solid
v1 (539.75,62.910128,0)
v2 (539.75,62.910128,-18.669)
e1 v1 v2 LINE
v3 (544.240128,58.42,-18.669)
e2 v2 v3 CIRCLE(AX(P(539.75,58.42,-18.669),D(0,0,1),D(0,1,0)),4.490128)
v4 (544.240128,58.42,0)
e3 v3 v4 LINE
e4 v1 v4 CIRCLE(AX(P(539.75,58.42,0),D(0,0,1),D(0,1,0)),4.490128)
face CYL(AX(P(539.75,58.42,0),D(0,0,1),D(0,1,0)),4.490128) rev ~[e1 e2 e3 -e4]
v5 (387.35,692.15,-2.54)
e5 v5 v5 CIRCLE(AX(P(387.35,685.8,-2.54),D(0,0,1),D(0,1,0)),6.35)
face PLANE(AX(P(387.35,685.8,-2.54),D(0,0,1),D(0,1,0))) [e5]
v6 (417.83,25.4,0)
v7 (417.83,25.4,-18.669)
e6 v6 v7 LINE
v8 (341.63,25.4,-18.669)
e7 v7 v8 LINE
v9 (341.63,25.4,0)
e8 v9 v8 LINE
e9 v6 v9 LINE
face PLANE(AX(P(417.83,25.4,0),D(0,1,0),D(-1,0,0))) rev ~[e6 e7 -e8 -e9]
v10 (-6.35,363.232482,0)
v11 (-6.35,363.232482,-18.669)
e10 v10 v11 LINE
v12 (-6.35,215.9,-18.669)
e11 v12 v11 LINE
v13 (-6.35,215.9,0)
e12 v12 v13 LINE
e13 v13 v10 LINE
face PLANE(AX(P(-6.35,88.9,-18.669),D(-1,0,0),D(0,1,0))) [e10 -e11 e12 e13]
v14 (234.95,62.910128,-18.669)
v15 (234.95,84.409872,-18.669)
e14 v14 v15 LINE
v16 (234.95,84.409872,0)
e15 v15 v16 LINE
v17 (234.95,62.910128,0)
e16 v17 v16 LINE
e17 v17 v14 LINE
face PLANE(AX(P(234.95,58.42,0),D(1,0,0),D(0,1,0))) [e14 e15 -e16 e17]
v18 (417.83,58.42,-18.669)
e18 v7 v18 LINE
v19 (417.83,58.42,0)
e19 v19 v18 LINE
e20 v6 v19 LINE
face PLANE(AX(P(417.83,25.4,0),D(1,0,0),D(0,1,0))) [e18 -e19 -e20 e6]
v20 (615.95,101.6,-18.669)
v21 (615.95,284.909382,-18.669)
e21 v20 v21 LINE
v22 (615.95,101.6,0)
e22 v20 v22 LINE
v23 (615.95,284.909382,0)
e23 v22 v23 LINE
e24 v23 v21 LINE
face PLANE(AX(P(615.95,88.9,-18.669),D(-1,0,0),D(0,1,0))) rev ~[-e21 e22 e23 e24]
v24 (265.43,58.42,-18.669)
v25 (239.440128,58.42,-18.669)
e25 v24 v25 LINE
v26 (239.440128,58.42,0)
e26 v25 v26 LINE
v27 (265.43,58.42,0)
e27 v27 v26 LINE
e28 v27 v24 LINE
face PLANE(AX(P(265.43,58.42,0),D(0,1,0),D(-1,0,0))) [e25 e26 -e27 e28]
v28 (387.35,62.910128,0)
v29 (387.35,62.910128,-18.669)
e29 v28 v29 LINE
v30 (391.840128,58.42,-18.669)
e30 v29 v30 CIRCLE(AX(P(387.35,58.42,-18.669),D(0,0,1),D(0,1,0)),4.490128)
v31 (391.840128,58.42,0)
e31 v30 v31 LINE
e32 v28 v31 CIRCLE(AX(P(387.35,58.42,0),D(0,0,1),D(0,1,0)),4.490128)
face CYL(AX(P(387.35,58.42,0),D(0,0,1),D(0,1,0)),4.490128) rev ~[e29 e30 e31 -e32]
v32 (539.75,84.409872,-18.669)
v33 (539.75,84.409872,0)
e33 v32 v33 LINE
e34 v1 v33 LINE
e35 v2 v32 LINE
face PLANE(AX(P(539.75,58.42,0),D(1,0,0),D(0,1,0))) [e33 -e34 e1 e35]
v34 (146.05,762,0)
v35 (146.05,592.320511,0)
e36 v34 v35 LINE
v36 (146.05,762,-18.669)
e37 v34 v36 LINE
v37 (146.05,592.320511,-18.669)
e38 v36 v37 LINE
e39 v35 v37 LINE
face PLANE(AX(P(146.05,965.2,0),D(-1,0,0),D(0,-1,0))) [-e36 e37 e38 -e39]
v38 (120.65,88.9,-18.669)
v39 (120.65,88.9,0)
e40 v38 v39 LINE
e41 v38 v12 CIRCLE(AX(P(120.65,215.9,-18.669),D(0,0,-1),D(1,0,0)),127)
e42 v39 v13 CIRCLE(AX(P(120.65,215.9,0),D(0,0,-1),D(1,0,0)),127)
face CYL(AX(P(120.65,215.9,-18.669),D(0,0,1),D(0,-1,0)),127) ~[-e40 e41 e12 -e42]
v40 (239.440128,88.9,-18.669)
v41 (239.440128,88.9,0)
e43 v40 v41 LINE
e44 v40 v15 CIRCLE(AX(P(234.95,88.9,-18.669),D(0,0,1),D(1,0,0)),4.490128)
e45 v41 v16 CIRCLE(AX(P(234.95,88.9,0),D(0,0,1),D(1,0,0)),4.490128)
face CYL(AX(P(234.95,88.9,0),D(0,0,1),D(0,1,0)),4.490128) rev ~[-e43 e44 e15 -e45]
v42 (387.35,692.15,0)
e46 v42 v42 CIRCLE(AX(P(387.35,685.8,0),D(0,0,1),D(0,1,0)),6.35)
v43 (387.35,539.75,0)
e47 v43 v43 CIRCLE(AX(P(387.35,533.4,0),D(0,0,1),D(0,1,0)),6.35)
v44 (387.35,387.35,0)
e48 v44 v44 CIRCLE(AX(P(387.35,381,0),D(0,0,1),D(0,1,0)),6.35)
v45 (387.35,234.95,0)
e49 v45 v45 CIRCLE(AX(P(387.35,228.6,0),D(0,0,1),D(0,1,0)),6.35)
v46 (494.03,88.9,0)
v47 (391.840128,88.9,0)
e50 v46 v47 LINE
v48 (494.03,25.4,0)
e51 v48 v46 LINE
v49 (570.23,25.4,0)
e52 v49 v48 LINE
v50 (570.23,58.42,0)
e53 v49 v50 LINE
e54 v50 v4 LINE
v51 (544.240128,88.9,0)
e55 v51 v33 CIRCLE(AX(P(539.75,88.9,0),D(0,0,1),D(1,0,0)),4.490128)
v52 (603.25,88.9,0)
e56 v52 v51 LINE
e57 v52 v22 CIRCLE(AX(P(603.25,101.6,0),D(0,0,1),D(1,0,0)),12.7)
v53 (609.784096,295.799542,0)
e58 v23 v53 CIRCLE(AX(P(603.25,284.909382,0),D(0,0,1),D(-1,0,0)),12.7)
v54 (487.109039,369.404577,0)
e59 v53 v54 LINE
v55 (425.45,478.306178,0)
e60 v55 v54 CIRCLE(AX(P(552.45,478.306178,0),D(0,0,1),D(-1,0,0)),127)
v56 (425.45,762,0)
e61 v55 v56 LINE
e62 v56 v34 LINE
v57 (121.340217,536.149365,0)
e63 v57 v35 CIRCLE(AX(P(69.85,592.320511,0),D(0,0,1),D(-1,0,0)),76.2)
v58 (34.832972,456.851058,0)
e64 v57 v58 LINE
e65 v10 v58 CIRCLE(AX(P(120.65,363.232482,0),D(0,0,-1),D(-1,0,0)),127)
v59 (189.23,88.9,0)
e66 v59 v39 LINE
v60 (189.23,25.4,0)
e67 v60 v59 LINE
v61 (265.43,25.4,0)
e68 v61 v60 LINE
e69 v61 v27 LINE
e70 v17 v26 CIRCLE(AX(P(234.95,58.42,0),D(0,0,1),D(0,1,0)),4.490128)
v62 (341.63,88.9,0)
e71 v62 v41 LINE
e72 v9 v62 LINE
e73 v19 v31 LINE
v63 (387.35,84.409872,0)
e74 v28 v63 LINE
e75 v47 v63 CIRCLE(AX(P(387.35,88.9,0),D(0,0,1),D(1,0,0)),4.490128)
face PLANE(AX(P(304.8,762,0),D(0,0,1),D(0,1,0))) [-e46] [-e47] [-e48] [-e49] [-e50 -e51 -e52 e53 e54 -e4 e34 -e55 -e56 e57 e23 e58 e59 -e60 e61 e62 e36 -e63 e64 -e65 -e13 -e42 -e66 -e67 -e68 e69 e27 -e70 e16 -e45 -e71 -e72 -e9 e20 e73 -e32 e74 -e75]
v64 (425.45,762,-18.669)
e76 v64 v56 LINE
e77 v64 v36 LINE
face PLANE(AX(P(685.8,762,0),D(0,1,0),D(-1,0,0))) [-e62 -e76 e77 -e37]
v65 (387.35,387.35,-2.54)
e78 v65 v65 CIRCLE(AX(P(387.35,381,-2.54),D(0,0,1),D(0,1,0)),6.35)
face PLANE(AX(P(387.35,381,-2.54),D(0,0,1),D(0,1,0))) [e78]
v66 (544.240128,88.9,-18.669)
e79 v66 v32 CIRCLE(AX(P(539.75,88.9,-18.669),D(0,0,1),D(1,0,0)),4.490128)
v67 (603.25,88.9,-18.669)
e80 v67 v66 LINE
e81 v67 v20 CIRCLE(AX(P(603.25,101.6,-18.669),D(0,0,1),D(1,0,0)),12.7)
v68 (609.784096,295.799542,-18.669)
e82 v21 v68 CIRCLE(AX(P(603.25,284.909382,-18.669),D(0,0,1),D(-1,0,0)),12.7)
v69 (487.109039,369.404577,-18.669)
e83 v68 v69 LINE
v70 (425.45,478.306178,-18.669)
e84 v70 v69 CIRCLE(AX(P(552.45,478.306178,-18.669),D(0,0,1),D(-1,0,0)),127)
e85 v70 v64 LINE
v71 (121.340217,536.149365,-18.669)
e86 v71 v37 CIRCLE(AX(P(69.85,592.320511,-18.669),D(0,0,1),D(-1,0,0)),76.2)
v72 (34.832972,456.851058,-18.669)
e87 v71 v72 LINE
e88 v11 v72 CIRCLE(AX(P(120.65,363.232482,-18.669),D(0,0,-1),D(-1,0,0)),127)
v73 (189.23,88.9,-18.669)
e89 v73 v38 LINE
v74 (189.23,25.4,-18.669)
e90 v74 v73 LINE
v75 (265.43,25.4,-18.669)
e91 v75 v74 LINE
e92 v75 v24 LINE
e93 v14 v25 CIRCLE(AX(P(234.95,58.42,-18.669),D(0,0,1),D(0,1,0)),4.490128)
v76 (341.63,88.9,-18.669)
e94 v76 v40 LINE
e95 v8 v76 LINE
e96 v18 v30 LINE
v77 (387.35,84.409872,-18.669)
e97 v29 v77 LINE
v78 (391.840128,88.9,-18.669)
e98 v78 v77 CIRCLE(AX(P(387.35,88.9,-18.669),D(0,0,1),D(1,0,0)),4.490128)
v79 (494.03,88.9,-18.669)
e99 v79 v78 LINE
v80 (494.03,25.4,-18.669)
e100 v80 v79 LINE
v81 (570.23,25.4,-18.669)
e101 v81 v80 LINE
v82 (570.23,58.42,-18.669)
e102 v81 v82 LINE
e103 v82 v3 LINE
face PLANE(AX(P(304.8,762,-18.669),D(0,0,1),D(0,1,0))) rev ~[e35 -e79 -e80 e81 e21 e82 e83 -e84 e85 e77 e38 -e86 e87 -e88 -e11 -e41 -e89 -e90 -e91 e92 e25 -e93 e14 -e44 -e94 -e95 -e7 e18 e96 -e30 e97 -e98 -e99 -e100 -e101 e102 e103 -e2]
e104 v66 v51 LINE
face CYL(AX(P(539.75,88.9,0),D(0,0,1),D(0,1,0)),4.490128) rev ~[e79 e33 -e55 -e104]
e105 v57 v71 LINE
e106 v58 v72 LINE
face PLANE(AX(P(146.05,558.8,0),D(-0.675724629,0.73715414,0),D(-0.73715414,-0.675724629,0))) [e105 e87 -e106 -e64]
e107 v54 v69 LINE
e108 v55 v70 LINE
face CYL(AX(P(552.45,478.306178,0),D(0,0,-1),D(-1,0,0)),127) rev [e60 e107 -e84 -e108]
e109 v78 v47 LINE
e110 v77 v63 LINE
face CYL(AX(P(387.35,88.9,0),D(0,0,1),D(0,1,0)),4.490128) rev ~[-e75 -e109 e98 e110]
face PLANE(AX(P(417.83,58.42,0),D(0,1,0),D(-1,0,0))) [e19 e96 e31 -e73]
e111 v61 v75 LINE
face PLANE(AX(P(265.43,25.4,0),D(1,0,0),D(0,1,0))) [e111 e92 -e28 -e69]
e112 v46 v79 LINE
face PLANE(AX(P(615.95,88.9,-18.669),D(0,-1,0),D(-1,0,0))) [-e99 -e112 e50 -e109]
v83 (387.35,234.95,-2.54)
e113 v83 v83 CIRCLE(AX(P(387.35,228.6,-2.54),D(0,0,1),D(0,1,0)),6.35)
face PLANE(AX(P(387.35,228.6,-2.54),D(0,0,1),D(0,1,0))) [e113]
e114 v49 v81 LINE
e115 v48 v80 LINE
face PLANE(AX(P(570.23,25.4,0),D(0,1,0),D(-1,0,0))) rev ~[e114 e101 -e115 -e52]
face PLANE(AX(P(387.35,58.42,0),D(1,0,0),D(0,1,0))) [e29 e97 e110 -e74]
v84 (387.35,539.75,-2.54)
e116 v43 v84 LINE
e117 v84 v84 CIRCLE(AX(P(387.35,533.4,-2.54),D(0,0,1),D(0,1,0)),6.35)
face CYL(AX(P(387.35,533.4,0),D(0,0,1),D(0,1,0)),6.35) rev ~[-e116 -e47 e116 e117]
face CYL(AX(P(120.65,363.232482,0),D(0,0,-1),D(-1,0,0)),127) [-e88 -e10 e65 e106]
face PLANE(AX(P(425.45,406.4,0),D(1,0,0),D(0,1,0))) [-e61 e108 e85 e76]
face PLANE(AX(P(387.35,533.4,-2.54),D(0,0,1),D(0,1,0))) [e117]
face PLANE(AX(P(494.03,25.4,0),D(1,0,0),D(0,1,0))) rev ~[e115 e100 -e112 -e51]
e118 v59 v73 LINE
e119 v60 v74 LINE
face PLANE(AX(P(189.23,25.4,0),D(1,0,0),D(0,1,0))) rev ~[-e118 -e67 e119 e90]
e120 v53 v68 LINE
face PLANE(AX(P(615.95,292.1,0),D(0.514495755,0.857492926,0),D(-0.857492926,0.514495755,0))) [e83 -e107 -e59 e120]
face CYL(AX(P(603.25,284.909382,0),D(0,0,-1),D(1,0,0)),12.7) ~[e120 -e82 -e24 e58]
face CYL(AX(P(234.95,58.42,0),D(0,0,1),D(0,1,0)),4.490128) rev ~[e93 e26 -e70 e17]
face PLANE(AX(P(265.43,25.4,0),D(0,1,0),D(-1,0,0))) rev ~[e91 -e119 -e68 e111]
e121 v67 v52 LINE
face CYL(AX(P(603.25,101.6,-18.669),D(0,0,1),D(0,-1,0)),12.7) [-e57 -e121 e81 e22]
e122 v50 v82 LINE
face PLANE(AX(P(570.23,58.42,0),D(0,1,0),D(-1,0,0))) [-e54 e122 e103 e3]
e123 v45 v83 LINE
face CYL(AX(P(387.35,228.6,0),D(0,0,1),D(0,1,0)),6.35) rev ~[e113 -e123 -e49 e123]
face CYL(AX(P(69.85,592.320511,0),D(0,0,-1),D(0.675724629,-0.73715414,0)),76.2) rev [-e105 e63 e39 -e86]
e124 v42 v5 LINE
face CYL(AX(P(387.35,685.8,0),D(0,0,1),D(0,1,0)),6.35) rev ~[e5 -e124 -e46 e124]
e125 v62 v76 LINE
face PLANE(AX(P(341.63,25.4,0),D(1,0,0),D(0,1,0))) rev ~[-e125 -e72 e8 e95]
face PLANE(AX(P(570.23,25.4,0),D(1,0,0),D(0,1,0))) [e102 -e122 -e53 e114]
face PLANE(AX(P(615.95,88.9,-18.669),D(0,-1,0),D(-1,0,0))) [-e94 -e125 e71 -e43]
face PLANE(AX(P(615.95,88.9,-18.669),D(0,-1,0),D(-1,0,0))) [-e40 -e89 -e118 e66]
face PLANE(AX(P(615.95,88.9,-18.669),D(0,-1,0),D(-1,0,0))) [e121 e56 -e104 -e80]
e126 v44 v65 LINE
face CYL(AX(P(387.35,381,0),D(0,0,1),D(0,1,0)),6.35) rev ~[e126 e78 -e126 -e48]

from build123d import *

# Parameters (mm, degrees)
SKETCH_W              = 1346.2
SKETCH_H              = 622.3
PAD_DEPTH             = 18.669
POCKET_DEPTH          = 18.67
POCKET001_DEPTH       = 18.67
SKETCH003_W           = 63.5
SKETCH003_H           = 76.2
PAD001_DEPTH          = 18.669
FILLET_R              = 12.7
FILLET001_R           = 127
SKETCH004_W           = 30.48
SKETCH004_H           = 30.48
POCKET002_DEPTH       = 18.67
SKETCH005_R           = 4.490128
POCKET003_DEPTH       = 18.67
FILLET002_R           = 127
FILLET003_R           = 127
FILLET004_R           = 76.2
SKETCH006_W           = 736.6
SKETCH006_H           = 762
POCKET004_DEPTH       = 18.67
SKETCH007_R           = 6.35
POCKET005_DEPTH       = 2.54
CLONE_PLACEMENT_ANGLE = 90


with BuildPart() as part:
    # Sketch → Pad (new body)
    with BuildSketch(Plane.XY):
        Rectangle(SKETCH_W, SKETCH_H)
    extrude(amount=PAD_DEPTH)

    # Sketch001 (on Face6 of Pad) → Pocket (cut, through all)
    with BuildSketch(Plane.XY.offset(18.669)):
        Polygon((-355.6, -120.65), (355.6, -120.65), (469.9, -311.15), (-469.9, -311.15), align=None)
    extrude(amount=-POCKET_DEPTH, mode=Mode.SUBTRACT)

    # Sketch002 (on Face5 of Pocket) → Pocket001 (cut, through all)
    with BuildSketch(Plane.XY.offset(18.669)):
        Polygon((-342.9, 311.15), (342.9, 311.15), (203.2, 158.75), (-203.2, 158.75), align=None)
    extrude(amount=-POCKET001_DEPTH, mode=Mode.SUBTRACT)

    # Sketch003 (on Face4 of Pocket001) → Pad001 (join)
    with BuildSketch(Plane.XY.offset(18.669)):
        with Locations((704.85, 77.47)):
            Rectangle(SKETCH003_W, SKETCH003_H)
        with Locations((704.85, -74.93)):
            Rectangle(SKETCH003_W, SKETCH003_H)
        with Locations((704.85, -227.33)):
            Rectangle(SKETCH003_W, SKETCH003_H)
        with Locations((-704.85, -227.33)):
            Rectangle(SKETCH003_W, SKETCH003_H)
        with Locations((-704.85, 77.47)):
            Rectangle(SKETCH003_W, SKETCH003_H)
        with Locations((-704.85, -74.93)):
            Rectangle(SKETCH003_W, SKETCH003_H)
    extrude(amount=-PAD001_DEPTH)

    # Fillet
    fillet_edges = [part.edges().sort_by_distance(p)[0] for p in [
        (673.1, -311.15, 9.3345),
        (-673.1, -311.15, 9.3345),
        (-469.9, -311.15, 9.3345),
        (469.9, -311.15, 9.3345),
    ]]
    fillet(fillet_edges, radius=FILLET_R)

    # Fillet001
    fillet001_edges = [part.edges().sort_by_distance(p)[0] for p in [
        (-673.1, 311.15, 9.3345),
        (673.1, 311.15, 9.3345),
    ]]
    fillet(fillet001_edges, radius=FILLET001_R)

    # Sketch004 (on Face52 of Fillet001) → Pocket002 (cut, through all)
    with BuildSketch(Plane.XY.offset(18.669)):
        with Locations((-688.34, 54.61)):
            Rectangle(SKETCH004_W, SKETCH004_H)
        with Locations((-688.34, -97.79)):
            Rectangle(SKETCH004_W, SKETCH004_H)
        with Locations((-688.34, -250.19)):
            Rectangle(SKETCH004_W, SKETCH004_H)
        with Locations((688.34, -250.19)):
            Rectangle(SKETCH004_W, SKETCH004_H)
        with Locations((688.34, -97.79)):
            Rectangle(SKETCH004_W, SKETCH004_H)
        with Locations((688.34, 54.61)):
            Rectangle(SKETCH004_W, SKETCH004_H)
    extrude(amount=-POCKET002_DEPTH, mode=Mode.SUBTRACT)

    # Sketch005 (on Face69 of Pocket002) → Pocket003 (cut, through all)
    with BuildSketch(Plane.XY.offset(18.669)):
        with Locations((703.58, -234.95)):
            Circle(SKETCH005_R)
        with Locations((673.1, -234.95)):
            Circle(SKETCH005_R)
        with Locations((703.58, -82.55)):
            Circle(SKETCH005_R)
        with Locations((673.1, -82.55)):
            Circle(SKETCH005_R)
        with Locations((703.58, 69.85)):
            Circle(SKETCH005_R)
        with Locations((673.1, 69.85)):
            Circle(SKETCH005_R)
        with Locations((-673.1, 69.85)):
            Circle(SKETCH005_R)
        with Locations((-703.58, 69.85)):
            Circle(SKETCH005_R)
        with Locations((-673.1, -82.55)):
            Circle(SKETCH005_R)
        with Locations((-703.58, -82.55)):
            Circle(SKETCH005_R)
        with Locations((-703.58, -234.95)):
            Circle(SKETCH005_R)
        with Locations((-673.1, -234.95)):
            Circle(SKETCH005_R)
    extrude(amount=-POCKET003_DEPTH, mode=Mode.SUBTRACT)

    # Fillet002
    fillet002_edges = [part.edges().sort_by_distance(p)[0] for p in [
        (-355.6, -120.65, 9.3345),
        (355.6, -120.65, 9.3345),
    ]]
    fillet(fillet002_edges, radius=FILLET002_R)

    # Fillet003
    fillet003_edges = [part.edges().sort_by_distance(p)[0] for p in [
        (-342.9, 311.15, 9.3345),
        (342.9, 311.15, 9.3345),
    ]]
    fillet(fillet003_edges, radius=FILLET003_R)

    # Fillet004
    fillet004_edges = [part.edges().sort_by_distance(p)[0] for p in [
        (-203.2, 158.75, 9.3345),
        (203.2, 158.75, 9.3345),
    ]]
    fillet(fillet004_edges, radius=FILLET004_R)

    # Sketch006 (on Face53 of Fillet004) → Pocket004 (cut, through all)
    with BuildSketch(Plane.XY.offset(18.669)):
        with Locations((368.3, 0)):
            Rectangle(SKETCH006_W, SKETCH006_H)
    extrude(amount=-POCKET004_DEPTH, mode=Mode.SUBTRACT)

    # Sketch007 (on Face31 of Pocket004) → Pocket005 (cut)
    with BuildSketch(Plane.XY.offset(18.669)):
        with Locations((-228.6, -82.55)):
            Circle(SKETCH007_R)
        with Locations((-381, -82.55)):
            Circle(SKETCH007_R)
        with Locations((-533.4, -82.55)):
            Circle(SKETCH007_R)
        with Locations((-76.2, -82.55)):
            Circle(SKETCH007_R)
    extrude(amount=-POCKET005_DEPTH, mode=Mode.SUBTRACT)


with BuildPart() as part_1:
    # Clone placement: moved
    add(part.part.moved(Location((304.8, 762, -18.669))).rotate(Axis((304.8, 762, -18.669), (0, 0, 1)), CLONE_PLACEMENT_ANGLE))


solid = part_1.part
